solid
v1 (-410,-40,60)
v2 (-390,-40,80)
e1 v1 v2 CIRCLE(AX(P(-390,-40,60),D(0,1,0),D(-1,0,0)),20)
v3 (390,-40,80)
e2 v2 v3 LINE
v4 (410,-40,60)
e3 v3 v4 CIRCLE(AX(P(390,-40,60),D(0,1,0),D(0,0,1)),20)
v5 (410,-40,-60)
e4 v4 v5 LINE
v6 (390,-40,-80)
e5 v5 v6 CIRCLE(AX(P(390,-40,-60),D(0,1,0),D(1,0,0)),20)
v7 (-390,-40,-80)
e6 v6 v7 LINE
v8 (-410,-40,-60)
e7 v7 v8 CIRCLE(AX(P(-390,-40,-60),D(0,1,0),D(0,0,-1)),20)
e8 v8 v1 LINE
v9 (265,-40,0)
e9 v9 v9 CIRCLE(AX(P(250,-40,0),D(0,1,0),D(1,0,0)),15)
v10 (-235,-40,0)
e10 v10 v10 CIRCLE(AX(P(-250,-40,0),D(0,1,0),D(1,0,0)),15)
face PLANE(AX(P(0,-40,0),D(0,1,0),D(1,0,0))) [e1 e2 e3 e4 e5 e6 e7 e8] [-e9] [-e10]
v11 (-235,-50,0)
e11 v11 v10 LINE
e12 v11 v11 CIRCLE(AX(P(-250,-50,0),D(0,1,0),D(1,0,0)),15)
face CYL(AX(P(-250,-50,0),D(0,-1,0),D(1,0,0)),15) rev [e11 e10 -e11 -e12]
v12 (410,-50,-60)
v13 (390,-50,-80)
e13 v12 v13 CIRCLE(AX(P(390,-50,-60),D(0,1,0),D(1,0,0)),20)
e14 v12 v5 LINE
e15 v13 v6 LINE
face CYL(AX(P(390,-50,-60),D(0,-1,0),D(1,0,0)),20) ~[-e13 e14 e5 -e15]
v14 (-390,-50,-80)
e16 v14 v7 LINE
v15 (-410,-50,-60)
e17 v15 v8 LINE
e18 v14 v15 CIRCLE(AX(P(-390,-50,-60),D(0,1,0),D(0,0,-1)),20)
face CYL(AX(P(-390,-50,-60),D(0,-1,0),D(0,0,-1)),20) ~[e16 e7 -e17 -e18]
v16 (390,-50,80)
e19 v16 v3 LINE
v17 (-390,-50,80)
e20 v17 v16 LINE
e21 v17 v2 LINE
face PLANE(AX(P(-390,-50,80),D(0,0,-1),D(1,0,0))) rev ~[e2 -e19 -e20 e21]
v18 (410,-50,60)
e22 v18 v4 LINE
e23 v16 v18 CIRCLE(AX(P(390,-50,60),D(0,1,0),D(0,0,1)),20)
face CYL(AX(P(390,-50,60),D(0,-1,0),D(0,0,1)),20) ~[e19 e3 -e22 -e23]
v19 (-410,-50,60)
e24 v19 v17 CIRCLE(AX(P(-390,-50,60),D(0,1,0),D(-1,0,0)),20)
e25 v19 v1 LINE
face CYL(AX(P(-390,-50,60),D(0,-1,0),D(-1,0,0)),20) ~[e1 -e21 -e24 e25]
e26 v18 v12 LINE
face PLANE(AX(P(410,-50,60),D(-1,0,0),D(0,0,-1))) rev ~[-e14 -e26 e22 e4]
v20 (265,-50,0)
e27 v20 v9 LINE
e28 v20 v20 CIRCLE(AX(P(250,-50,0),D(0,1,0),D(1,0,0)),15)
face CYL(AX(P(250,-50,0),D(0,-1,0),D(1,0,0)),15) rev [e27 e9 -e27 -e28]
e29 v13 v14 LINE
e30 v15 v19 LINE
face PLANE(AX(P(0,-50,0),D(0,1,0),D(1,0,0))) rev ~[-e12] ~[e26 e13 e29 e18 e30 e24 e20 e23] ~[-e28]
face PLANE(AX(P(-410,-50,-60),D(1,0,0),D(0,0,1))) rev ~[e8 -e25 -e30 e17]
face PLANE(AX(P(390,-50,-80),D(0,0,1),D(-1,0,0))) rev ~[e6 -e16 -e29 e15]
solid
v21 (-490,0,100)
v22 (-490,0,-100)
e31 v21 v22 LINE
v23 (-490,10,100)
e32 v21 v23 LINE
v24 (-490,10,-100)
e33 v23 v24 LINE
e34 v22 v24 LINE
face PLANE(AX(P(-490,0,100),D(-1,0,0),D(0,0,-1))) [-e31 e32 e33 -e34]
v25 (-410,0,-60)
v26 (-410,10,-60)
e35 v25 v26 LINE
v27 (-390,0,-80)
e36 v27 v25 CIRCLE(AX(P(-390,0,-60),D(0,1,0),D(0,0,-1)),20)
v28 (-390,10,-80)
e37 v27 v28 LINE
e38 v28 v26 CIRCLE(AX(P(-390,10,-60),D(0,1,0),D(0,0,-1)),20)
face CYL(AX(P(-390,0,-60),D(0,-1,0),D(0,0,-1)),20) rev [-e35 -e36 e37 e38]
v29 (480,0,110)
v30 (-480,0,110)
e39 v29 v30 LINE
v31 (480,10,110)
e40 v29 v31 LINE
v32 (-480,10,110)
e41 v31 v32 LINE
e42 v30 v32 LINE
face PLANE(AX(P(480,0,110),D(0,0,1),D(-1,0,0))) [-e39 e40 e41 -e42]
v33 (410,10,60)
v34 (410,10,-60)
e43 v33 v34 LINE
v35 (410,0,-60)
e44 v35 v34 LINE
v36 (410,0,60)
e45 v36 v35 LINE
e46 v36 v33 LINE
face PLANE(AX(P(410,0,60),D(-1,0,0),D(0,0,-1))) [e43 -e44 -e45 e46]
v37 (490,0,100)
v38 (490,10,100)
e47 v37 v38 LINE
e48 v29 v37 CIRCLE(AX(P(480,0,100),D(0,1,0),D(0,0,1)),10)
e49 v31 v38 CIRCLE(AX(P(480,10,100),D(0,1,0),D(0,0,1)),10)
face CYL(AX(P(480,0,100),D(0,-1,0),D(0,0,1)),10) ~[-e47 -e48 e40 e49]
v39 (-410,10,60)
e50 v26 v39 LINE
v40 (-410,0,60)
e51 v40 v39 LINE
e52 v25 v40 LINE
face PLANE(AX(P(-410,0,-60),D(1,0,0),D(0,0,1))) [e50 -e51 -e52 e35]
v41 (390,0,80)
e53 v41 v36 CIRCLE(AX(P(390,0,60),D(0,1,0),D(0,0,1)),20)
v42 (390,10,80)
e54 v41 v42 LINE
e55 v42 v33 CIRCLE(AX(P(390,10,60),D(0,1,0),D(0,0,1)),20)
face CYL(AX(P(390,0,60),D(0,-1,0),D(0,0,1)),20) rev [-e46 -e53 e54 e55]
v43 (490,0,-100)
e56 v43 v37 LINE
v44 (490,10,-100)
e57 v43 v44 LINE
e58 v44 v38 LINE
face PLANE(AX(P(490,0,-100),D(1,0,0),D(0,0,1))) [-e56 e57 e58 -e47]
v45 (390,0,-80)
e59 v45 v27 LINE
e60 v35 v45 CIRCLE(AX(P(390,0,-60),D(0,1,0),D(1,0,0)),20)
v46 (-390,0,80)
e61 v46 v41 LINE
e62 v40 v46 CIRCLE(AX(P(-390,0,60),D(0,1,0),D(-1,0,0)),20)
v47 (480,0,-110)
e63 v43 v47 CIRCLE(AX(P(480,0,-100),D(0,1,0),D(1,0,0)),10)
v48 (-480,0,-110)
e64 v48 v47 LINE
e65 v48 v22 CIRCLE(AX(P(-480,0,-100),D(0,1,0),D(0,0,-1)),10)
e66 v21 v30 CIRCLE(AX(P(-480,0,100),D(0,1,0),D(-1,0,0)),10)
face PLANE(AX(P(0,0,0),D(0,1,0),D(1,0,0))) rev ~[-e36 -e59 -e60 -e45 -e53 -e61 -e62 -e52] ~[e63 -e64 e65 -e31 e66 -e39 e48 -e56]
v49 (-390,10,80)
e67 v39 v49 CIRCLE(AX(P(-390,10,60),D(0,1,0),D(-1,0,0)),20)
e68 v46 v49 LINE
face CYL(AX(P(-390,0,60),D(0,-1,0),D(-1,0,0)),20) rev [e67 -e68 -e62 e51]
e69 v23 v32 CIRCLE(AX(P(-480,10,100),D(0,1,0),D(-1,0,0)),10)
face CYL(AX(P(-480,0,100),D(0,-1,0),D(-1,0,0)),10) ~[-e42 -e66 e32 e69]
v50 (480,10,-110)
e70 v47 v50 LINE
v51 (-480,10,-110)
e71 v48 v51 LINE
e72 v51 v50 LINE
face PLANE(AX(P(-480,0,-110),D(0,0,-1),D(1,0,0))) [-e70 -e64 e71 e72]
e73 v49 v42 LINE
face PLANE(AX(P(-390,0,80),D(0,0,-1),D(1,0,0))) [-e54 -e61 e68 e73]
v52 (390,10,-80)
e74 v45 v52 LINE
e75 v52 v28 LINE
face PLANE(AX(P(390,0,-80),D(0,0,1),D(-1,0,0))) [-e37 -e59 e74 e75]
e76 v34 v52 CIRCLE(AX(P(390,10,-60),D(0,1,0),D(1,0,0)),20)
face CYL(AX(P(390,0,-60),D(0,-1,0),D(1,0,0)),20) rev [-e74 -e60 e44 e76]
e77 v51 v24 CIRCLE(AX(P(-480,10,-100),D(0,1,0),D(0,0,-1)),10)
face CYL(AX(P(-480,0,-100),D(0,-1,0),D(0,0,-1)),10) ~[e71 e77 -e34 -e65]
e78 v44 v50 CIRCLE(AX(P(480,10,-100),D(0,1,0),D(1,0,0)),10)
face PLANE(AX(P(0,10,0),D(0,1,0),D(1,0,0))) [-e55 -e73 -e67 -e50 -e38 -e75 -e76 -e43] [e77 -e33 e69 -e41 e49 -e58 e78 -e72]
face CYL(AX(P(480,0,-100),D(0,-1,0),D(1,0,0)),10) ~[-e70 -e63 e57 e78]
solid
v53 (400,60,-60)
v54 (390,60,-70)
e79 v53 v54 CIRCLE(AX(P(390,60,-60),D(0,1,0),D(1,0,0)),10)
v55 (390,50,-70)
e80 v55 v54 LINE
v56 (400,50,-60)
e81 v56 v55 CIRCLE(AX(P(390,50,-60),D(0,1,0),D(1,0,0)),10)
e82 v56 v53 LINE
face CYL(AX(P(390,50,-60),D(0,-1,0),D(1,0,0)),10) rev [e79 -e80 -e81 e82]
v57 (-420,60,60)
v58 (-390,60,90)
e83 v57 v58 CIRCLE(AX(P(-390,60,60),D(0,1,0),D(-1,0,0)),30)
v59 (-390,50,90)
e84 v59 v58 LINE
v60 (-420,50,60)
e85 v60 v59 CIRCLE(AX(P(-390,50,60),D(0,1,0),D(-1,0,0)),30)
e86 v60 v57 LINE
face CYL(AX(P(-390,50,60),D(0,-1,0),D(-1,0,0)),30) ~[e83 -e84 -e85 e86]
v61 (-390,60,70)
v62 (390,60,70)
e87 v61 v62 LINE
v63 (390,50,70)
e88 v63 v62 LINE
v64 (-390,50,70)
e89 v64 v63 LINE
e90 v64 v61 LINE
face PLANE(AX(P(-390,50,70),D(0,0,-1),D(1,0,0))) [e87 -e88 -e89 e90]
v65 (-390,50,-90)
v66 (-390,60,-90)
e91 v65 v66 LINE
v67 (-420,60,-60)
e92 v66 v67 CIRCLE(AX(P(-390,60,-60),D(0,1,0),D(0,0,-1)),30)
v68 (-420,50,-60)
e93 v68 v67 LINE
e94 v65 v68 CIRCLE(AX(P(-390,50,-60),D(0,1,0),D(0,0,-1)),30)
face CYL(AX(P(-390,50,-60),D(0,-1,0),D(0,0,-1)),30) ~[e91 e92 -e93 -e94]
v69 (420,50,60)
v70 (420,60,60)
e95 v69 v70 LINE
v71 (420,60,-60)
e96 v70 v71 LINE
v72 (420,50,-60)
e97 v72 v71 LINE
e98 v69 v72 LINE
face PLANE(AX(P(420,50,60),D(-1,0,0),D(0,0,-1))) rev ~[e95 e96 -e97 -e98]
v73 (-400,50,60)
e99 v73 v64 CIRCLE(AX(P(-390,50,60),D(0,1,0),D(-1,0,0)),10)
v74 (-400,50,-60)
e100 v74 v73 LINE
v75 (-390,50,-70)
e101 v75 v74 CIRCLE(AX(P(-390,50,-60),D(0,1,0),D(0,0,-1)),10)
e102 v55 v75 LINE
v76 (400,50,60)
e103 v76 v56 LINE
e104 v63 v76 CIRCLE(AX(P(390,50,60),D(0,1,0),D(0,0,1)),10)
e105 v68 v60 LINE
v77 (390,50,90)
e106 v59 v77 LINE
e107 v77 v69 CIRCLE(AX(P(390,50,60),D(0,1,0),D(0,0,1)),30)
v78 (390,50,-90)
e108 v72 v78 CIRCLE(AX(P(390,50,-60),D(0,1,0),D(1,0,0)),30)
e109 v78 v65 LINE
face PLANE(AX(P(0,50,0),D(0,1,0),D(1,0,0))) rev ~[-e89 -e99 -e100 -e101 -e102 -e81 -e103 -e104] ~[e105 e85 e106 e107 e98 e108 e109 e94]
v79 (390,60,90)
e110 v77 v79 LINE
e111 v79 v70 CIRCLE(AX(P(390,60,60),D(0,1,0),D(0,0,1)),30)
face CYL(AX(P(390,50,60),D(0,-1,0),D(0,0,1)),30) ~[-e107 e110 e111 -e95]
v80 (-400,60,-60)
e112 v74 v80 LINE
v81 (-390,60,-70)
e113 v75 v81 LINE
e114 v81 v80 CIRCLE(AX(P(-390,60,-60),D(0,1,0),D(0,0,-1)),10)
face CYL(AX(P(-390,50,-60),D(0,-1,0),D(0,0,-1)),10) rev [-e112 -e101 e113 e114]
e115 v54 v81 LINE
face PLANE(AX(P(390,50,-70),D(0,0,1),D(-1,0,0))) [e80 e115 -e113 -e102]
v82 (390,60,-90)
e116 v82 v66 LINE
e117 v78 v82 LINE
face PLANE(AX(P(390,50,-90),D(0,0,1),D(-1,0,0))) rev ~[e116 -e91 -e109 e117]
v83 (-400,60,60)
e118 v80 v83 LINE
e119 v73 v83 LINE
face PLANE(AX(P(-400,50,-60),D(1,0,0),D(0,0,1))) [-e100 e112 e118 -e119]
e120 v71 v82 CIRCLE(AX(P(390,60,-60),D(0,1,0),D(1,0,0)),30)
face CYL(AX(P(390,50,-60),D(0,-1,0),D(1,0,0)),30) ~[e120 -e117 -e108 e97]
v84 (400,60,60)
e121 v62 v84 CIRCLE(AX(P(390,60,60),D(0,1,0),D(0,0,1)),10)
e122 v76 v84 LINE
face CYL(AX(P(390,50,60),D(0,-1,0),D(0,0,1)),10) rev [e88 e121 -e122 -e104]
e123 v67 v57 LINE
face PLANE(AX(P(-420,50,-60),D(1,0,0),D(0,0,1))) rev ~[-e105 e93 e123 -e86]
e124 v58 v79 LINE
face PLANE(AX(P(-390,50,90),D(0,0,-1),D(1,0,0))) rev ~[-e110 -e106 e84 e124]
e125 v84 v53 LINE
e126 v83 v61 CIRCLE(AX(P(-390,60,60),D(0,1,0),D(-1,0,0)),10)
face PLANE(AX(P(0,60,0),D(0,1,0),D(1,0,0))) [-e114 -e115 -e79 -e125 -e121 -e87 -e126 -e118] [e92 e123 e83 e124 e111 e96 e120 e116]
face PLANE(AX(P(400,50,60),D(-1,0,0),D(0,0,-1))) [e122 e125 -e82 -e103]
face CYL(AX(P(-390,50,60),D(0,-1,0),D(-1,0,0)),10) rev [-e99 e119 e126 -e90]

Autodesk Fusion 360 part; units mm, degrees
sketch "Sketch1" plane through (0, 0, 0) normal (0, 1, 0) x (1, 0, 0)
  line L0 (480, -110) -> (-480, -110)
  line L1 (-490, -100) -> (-490, 100)
  line L2 (-480, 110) -> (480, 110)
  line L3 (490, 100) -> (490, -100)
  line L4 (490, -110) -> (-490, 110) construction
  line L5 (-490, -110) -> (490, 110) construction
  arc A0 (480, -110) -> (490, -100) centre (480, -100) ccw
  arc A1 (490, 100) -> (480, 110) centre (480, 100) ccw
  arc A2 (-480, 110) -> (-490, 100) centre (-480, 100) ccw
  arc A3 (-490, -100) -> (-480, -110) centre (-480, -100) ccw
  line L6 (390, 80) -> (-390, 80)
  line L7 (-410, 60) -> (-410, -60)
  line L8 (-390, -80) -> (390, -80)
  line L9 (410, -60) -> (410, 60)
  line L10 (410, 80) -> (-410, -80) construction
  line L11 (-410, 80) -> (410, -80) construction
  arc A4 (390, -80) -> (410, -60) centre (390, -60) ccw
  arc A5 (410, 60) -> (390, 80) centre (390, 60) ccw
  arc A6 (-390, 80) -> (-410, 60) centre (-390, 60) ccw
  arc A7 (-410, -60) -> (-390, -80) centre (-390, -60) ccw
  line L12 (-650, 0) -> (650, 0) construction
  line L13 (0, -300) -> (0, 250) construction
  circle A8 centre (250, 0) radius 15
  circle A9 centre (-250, 0) radius 15
  arc A10 (420, 60) -> (390, 90) centre (390, 60) ccw
  line L14 (390, 90) -> (-390, 90)
  arc A11 (-390, 90) -> (-420, 60) centre (-390, 60) ccw
  line L15 (-420, 60) -> (-420, -60)
  arc A12 (-420, -60) -> (-390, -90) centre (-390, -60) ccw
  line L16 (-390, -90) -> (390, -90)
  arc A13 (390, -90) -> (420, -60) centre (390, -60) ccw
  line L17 (420, -60) -> (420, 60)
  arc A14 (400, 60) -> (390, 70) centre (390, 60) ccw
  line L18 (390, 70) -> (-390, 70)
  arc A15 (-390, 70) -> (-400, 60) centre (-390, 60) ccw
  line L19 (-400, 60) -> (-400, -60)
  arc A16 (-400, -60) -> (-390, -70) centre (-390, -60) ccw
  line L20 (-390, -70) -> (390, -70)
  arc A17 (390, -70) -> (400, -60) centre (390, -60) ccw
  line L21 (400, -60) -> (400, 60)
  dimension "d1" = 980
  dimension "d2" = 220
  dimension "d3" = 10
  dimension "d4" = 10
  dimension "d5" = 10
  dimension "d6" = 10
  dimension "d7" = 820
  dimension "d8" = 160
  dimension "d9" = 20
  dimension "d10" = 20
  dimension "d11" = 20
  dimension "d12" = 20
  dimension "d15" = 1300
  dimension "d16" = 550
  dimension "d17" = 30
  dimension "d18" = 80
  dimension "d19" = 250
  dimension "d23" = 10
  dimension "d24" = -10
extrude "Extrude1" add sketch "Sketch1" along normal blind 10 contours L0 L1 L2 L3 A0 A1 A2 A3 | A10 L14 A11 L15 A12 L16 A13 L17 makes body 1 in component "Frame"
extrude "Extrude1'" add sketch "Sketch1" along normal blind 10 from surface at -50 separate body contours L6 L7 L8 L9 A4 A5 A6 A7 | A14 L18 A15 L19 A16 L20 A17 L21 makes body 2 in component "Door"
extrude "Extrude1''" add sketch "Sketch1" along normal blind 10 from surface at 50 separate body contours L6 L7 L8 L9 A4 A5 A6 A7 | A10 L14 A11 L15 A12 L16 A13 L17 makes body 3 in component "Rim"
component "Frame" placed x (1, 0, 0) y (0, 1, 0) z (0, 0, 1) at (0, 0, 0)
component "Door" placed x (1, 0, 0) y (0, 1, 0) z (0, 0, 1) at (0, 0, 0)
component "Rim" placed x (1, 0, 0) y (0, 1, 0) z (0, 0, 1) at (0, 0, 0)
